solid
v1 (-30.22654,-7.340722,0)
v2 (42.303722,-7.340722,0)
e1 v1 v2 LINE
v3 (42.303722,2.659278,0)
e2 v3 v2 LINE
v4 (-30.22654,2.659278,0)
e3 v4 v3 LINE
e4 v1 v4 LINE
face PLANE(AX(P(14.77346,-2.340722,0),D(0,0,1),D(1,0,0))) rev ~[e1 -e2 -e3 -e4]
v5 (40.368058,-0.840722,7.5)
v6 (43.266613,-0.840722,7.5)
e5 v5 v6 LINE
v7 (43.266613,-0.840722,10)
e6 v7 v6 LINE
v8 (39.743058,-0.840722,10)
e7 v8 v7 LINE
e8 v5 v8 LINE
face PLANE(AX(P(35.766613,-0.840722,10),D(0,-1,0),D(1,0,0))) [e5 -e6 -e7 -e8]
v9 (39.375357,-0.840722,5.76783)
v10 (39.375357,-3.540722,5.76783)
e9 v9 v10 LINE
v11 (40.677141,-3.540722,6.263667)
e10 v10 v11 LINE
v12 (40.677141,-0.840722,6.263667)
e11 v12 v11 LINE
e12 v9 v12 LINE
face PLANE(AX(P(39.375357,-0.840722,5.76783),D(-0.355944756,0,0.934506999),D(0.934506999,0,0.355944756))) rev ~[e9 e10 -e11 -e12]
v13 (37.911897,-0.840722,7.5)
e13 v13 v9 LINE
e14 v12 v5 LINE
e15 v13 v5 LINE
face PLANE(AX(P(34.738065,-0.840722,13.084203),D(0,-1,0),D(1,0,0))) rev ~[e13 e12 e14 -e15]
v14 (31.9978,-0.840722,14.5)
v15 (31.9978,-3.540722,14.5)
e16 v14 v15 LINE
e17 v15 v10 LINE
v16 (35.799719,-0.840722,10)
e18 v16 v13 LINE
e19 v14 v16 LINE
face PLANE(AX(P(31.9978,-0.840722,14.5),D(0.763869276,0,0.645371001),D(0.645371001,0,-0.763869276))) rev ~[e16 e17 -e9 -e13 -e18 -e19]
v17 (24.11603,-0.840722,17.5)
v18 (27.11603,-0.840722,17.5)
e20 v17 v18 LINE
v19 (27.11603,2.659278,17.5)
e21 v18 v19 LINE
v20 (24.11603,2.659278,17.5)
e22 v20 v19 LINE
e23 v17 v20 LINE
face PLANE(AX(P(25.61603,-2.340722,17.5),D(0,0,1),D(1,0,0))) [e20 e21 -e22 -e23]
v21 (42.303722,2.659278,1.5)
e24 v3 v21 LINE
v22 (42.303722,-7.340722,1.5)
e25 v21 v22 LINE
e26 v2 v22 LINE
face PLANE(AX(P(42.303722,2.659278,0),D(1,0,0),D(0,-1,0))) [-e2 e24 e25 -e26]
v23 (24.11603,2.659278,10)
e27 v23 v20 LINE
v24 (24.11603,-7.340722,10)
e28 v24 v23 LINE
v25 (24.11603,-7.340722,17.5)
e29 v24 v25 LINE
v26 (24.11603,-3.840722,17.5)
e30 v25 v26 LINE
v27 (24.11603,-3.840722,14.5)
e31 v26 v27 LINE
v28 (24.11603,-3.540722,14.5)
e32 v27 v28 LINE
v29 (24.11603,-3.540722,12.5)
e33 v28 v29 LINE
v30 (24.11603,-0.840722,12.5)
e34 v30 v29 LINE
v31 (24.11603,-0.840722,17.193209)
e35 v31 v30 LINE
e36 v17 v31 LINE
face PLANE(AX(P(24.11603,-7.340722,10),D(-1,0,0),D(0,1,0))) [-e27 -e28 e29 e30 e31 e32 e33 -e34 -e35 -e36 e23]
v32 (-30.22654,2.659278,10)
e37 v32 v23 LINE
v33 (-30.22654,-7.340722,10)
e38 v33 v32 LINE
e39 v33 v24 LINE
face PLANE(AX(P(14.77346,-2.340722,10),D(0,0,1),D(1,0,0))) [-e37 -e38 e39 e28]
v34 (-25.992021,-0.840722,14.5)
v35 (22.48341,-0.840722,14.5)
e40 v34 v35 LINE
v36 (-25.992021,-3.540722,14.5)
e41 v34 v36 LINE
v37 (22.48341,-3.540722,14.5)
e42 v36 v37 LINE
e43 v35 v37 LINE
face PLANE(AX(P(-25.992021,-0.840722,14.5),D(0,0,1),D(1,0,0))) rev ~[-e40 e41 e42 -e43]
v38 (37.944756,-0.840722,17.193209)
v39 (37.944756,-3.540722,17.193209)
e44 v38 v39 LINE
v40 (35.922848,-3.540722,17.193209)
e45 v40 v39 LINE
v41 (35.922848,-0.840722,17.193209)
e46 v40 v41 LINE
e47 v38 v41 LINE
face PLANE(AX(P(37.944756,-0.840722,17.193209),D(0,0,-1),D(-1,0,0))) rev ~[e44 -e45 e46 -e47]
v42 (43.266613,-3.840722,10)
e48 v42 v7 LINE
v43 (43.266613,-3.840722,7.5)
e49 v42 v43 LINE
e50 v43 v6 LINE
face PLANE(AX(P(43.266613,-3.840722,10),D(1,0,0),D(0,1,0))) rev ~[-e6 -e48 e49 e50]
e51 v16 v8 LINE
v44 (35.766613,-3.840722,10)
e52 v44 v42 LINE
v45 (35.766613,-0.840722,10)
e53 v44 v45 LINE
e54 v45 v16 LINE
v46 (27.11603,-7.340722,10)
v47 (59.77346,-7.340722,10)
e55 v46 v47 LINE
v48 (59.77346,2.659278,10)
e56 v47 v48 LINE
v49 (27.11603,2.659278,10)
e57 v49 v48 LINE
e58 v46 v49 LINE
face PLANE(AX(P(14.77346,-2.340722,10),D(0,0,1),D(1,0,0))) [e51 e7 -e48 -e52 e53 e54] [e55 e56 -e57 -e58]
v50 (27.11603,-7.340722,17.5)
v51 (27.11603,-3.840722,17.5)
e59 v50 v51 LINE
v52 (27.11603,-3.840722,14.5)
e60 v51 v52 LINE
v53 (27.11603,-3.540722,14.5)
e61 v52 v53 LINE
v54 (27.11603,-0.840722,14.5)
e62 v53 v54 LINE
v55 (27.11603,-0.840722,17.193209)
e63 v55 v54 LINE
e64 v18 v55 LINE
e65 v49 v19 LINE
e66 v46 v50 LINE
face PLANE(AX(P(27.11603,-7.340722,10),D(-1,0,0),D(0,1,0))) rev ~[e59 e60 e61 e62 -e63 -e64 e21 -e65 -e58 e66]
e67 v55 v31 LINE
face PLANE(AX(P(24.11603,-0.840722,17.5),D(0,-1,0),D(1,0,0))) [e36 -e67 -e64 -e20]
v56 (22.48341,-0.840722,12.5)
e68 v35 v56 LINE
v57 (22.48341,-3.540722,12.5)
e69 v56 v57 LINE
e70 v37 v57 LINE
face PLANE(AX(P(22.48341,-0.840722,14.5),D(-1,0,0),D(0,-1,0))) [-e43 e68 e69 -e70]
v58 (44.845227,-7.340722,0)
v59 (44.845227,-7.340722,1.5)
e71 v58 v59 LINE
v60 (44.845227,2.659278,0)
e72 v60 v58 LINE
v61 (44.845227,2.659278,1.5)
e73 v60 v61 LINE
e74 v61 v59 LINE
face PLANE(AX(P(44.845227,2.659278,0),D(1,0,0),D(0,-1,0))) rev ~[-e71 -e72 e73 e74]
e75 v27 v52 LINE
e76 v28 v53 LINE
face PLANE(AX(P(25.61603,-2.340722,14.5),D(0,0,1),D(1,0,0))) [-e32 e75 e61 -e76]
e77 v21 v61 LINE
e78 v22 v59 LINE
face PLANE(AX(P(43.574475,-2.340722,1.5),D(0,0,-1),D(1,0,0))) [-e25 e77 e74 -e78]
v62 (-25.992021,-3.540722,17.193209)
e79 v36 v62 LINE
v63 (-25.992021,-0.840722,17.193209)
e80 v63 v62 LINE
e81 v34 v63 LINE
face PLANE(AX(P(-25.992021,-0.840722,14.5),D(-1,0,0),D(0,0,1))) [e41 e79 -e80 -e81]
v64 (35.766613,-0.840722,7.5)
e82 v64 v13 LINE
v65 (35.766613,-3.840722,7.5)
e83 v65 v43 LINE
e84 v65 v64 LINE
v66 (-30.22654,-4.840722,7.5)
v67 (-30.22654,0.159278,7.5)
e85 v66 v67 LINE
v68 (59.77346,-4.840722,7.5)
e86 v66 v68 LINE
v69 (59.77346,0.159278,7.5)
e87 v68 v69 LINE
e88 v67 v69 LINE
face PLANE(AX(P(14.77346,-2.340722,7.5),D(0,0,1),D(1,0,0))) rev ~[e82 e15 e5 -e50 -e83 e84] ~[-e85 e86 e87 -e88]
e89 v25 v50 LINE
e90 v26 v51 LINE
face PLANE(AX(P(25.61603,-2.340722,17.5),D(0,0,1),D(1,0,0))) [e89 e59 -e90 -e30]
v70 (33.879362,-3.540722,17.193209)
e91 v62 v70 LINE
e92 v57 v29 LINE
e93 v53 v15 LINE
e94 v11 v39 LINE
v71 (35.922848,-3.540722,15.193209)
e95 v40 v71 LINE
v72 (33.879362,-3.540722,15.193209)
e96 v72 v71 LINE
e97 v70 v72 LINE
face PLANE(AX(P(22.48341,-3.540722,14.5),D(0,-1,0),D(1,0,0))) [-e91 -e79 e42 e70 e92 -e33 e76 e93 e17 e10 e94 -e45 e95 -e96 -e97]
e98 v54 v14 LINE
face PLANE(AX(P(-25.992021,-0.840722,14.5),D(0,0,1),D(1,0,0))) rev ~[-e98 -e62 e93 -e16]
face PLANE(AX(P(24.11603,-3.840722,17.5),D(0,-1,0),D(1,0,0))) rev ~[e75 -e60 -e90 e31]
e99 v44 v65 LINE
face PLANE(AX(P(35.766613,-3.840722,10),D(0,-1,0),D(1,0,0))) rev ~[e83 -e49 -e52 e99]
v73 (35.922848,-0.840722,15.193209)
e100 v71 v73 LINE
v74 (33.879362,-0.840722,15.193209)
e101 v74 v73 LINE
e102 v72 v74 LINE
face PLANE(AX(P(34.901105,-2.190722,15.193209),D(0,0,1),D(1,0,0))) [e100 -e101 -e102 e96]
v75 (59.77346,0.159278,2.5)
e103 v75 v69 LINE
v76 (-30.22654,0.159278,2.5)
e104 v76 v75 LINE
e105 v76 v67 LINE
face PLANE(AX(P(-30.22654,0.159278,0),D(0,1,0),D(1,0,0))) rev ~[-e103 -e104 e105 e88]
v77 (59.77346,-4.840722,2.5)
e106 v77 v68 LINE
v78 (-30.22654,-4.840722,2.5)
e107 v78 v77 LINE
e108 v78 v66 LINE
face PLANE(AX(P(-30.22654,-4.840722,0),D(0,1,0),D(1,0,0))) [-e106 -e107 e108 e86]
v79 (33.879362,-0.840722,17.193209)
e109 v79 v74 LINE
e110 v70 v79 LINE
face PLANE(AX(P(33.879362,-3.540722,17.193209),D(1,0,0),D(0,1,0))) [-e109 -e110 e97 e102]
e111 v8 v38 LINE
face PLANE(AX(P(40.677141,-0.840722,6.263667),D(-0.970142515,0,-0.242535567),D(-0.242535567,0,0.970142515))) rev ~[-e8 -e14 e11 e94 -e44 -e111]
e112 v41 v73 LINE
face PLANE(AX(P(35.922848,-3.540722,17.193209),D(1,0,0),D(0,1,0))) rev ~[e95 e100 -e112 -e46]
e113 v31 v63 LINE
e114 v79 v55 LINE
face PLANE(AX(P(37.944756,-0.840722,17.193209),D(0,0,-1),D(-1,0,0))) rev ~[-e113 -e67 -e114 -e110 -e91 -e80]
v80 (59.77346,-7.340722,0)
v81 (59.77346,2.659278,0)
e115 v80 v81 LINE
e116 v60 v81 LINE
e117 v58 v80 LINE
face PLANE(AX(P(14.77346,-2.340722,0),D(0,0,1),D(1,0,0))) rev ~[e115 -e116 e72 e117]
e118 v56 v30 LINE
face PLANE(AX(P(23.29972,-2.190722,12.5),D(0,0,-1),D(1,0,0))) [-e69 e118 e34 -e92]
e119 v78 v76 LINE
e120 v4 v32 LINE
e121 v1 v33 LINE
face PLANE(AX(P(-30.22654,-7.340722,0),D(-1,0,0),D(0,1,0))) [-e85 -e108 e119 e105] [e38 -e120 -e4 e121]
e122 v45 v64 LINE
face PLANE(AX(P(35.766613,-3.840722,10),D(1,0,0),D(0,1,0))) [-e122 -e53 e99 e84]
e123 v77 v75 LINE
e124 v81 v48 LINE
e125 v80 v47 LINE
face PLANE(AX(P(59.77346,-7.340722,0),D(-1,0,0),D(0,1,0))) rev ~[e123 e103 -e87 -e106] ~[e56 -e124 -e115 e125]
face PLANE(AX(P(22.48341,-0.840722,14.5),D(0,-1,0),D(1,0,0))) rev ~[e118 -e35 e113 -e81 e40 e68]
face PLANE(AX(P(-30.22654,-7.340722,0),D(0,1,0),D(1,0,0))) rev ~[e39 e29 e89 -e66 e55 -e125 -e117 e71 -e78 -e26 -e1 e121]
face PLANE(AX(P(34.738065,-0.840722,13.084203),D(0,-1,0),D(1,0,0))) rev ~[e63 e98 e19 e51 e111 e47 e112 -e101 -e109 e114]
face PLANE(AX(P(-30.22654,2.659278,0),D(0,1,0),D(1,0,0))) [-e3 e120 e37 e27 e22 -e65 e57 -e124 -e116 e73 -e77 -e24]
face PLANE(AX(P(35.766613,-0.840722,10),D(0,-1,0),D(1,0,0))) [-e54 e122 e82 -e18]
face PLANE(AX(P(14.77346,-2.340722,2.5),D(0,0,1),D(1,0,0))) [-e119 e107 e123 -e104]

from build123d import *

# Parameters (mm, degrees)
F0_W      = 90
F0_H      = 10
F1_DEPTH  = 10
F2_T      = -2.5
F3_W      = 7.5
F3_H      = 3
F4_DEPTH  = 2.5
F5_W      = 3
F5_H      = 10
F6_DEPTH  = 7.5
F7_W      = 3
F7_H      = 3
F8_DEPTH  = 3
F9_W      = 3
F9_H      = 2.6932093799
F9_W_2    = 50.1080509275
F10_DEPTH = 2.7
F11_W     = 1.6326196492
F11_H     = 2.7
F12_DEPTH = 2
F13_W     = 2.0434856415
F13_H     = 2.7
F14_DEPTH = 2
F15_W     = 2.5415048003
F15_H     = 10
F16_DEPTH = 1.5


with BuildPart() as f1:
    # F0 (on Top) → F1 (new body)
    with BuildSketch(Plane.XY):
        with Locations((14.7734600306, -2.3407222517)):
            Rectangle(F0_W, F0_H)
    extrude(amount=F1_DEPTH)

    # F2
    f2_openings = [f1.faces().sort_by_distance(p)[0] for p in [
        (59.77346, -2.340722, 5),
        (-30.22654, -2.340722, 5),
    ]]
    offset(amount=F2_T, openings=f2_openings)

    # F3 (on face) → F4 (cut, through all)
    with BuildSketch(Plane.XY.offset(10)):
        with Locations((39.5166127384, -2.3407222517)):
            Rectangle(F3_W, F3_H)
    extrude(amount=-F4_DEPTH, mode=Mode.SUBTRACT)

    # F5 (on face) → F6 (join)
    with BuildSketch(Plane.XY.offset(10)):
        with Locations((25.6160299629, -2.3407222517)):
            Rectangle(F5_W, F5_H)
    extrude(amount=F6_DEPTH)

    # F7 (on face) → F8 (cut)
    with BuildSketch(Plane.XY.offset(17.5)):
        with Locations((25.6160299629, -2.3407222517)):
            Rectangle(F7_W, F7_H)
    extrude(amount=-F8_DEPTH, mode=Mode.SUBTRACT)

    # F9 (on face) → F10 (join)
    with BuildSketch(Plane.XZ.offset(0.8407222517)):
        Polygon((27.1160299629, 14.5), (31.9977998734, 14.5), (39.3753573298, 5.7678297162), (40.6771413982, 6.2636667863), (37.9447564483, 17.1932093799), (27.1160299629, 17.1932093799), align=None)
        with Locations((25.6160299629, 15.84660469)):
            Rectangle(F9_W, F9_H)
        with Locations((-0.9379955009, 15.84660469)):
            Rectangle(F9_W_2, F9_H)
    extrude(amount=F10_DEPTH)

    # F11 (on face) → F12 (join)
    with BuildSketch(Plane(origin=(0, 0, 14.5), x_dir=(1, 0, 0), z_dir=(0, 0, -1))):
        with Locations((23.2997201383, 2.1907222517)):
            Rectangle(F11_W, F11_H)
    extrude(amount=F12_DEPTH)

    # F13 (on face) → F14 (cut)
    with BuildSketch(Plane.XY.offset(17.1932093799)):
        with Locations((34.9011048675, -2.1907222517)):
            Rectangle(F13_W, F13_H)
    extrude(amount=-F14_DEPTH, mode=Mode.SUBTRACT)

    # F15 (on face) → F16 (cut)
    with BuildSketch(Plane(origin=(0, 0, 0), x_dir=(1, 0, 0), z_dir=(0, 0, -1))):
        with Locations((43.5744747519, 2.3407222517)):
            Rectangle(F15_W, F15_H)
    extrude(amount=-F16_DEPTH, mode=Mode.SUBTRACT)


solid = f1.part
